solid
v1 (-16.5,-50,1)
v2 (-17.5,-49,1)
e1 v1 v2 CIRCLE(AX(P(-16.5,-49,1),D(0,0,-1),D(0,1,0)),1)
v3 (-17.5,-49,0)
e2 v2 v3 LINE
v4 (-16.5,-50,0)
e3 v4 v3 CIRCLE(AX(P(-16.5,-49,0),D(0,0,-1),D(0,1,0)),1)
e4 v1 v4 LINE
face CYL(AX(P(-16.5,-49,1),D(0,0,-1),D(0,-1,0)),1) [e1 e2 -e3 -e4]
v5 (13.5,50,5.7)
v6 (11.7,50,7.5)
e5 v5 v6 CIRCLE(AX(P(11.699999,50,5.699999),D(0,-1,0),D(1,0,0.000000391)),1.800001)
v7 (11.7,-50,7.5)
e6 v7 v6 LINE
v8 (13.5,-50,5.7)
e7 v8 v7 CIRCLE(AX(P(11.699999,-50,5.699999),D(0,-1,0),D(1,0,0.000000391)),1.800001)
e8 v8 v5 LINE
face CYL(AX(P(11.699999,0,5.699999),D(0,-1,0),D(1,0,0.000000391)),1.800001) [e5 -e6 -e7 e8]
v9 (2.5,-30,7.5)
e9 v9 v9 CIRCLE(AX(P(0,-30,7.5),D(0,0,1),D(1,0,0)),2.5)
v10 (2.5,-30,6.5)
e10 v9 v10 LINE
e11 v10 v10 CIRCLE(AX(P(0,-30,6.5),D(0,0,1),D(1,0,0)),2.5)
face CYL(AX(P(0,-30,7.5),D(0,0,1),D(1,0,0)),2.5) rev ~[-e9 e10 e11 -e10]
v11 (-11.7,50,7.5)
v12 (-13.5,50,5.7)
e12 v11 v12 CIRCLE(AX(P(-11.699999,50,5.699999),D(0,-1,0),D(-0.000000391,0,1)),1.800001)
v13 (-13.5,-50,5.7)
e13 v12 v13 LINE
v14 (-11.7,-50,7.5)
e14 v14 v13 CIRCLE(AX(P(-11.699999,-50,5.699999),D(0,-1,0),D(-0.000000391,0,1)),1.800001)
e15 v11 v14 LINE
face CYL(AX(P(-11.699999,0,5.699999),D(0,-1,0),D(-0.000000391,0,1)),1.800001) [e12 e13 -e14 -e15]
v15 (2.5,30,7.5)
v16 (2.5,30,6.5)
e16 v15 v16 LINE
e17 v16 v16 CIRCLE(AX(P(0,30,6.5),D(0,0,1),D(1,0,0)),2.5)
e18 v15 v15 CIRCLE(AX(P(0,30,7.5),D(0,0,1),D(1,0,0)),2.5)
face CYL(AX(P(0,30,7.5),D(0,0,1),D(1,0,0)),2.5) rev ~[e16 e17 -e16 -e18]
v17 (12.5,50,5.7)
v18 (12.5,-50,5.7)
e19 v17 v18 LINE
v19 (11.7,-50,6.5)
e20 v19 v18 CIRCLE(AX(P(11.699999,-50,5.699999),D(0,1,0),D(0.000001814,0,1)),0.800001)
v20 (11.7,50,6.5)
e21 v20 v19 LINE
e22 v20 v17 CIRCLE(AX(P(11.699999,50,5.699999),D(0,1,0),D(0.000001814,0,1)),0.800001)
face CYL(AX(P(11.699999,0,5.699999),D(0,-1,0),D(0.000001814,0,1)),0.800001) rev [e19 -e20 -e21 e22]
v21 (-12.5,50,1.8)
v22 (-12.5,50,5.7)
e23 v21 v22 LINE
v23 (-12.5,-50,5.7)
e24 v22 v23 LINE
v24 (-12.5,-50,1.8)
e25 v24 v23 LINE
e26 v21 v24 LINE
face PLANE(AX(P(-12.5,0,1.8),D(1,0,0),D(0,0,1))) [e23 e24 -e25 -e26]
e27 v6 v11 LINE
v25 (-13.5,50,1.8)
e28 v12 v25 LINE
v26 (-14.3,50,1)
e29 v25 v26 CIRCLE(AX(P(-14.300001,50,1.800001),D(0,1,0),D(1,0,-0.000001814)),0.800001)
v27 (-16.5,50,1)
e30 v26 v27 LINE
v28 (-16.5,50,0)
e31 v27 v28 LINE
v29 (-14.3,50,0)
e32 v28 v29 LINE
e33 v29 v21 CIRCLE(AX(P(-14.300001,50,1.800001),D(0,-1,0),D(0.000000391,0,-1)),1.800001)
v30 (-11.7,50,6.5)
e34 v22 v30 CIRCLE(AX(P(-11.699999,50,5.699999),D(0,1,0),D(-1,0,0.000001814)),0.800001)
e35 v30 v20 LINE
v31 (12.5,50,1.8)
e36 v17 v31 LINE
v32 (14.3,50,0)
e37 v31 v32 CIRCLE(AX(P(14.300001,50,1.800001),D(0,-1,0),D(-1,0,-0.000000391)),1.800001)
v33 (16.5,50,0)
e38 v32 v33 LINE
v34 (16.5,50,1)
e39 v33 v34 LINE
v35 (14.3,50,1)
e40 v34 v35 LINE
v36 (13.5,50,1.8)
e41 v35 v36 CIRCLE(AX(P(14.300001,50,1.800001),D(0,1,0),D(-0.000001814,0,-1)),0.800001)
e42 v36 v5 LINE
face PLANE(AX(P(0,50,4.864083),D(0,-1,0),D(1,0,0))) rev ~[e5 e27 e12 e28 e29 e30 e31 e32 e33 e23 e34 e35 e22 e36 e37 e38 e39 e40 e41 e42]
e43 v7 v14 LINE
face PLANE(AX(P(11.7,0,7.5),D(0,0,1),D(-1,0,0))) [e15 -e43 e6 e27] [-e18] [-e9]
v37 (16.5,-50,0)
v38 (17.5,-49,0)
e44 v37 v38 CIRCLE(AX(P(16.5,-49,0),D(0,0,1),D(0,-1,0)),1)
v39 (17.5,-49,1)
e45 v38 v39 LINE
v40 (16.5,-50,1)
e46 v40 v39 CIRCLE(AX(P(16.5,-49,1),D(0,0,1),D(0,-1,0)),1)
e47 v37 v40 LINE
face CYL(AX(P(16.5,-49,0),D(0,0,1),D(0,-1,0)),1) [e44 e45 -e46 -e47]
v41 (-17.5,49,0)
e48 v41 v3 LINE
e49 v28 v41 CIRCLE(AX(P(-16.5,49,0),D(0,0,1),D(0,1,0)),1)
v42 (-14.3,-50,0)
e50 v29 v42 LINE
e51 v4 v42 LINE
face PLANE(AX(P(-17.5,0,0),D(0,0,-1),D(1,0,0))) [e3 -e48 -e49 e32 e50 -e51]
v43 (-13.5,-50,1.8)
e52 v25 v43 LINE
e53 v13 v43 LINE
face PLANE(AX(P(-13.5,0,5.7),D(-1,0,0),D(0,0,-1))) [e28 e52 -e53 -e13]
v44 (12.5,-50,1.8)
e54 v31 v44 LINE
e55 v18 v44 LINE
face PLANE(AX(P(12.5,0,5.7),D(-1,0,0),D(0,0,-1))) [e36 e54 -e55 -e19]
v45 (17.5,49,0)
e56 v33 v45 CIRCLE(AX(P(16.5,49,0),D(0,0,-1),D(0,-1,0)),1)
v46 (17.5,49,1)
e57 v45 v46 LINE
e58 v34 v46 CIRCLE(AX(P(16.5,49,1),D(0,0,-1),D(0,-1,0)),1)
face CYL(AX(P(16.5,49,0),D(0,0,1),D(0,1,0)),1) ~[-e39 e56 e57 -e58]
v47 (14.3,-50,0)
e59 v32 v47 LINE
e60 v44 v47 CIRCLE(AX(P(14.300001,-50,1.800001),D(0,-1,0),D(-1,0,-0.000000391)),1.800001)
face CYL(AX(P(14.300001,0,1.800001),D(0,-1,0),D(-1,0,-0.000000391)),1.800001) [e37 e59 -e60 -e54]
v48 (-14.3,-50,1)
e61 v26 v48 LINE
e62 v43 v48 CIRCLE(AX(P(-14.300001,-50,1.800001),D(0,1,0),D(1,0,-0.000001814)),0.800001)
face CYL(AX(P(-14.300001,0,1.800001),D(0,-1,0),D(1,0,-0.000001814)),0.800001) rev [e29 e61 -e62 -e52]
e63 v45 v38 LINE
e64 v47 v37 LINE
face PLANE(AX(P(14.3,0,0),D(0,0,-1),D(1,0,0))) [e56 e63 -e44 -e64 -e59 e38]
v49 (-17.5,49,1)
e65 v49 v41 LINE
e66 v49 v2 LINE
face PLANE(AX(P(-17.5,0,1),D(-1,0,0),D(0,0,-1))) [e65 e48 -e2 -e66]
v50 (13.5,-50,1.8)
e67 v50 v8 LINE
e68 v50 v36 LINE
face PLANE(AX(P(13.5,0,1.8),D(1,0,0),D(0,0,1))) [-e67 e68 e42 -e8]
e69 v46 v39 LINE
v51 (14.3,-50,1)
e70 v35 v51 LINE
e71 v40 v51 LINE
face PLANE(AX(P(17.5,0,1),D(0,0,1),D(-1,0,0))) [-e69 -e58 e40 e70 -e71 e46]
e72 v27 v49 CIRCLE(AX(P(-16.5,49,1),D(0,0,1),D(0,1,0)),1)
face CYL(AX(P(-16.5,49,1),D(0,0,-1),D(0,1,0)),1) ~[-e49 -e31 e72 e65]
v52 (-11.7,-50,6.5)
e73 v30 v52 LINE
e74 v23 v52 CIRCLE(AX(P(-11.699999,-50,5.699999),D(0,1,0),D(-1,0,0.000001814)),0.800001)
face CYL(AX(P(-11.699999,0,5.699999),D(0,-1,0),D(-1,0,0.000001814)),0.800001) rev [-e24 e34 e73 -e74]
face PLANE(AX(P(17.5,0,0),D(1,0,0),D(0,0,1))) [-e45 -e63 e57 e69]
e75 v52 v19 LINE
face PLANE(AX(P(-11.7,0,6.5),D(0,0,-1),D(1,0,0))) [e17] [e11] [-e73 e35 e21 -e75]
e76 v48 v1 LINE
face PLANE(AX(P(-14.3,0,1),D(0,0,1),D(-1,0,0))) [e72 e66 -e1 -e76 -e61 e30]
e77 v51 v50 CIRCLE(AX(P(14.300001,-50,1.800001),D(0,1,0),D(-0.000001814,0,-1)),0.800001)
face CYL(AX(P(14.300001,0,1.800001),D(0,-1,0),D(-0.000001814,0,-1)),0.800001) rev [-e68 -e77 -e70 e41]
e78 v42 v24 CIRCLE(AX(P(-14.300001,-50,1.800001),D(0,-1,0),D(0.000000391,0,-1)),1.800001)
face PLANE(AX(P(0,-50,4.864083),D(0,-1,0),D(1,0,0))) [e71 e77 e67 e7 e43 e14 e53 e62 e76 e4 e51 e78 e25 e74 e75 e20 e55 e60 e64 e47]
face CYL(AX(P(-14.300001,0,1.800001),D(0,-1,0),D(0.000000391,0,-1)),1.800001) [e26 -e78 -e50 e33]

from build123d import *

# Parameters (mm, degrees)
F1_DEPTH = 50
F2_R     = 2.5
F3_DEPTH = 25
F4_R     = 1


with BuildPart() as f1:
    # F0 (on Front) → F1 (new body, symmetric)
    with BuildSketch(Plane.XZ):
        with BuildLine():
            Line((11.7, 7.5), (0, 7.5))
            Line((0, 7.5), (-11.7, 7.5))
            ThreePointArc((-11.7, 7.5), (-12.972792, 6.972792), (-13.5, 5.7))
            Line((-13.5, 5.7), (-13.5, 1.8))
            ThreePointArc((-13.5, 1.8), (-13.734315, 1.234315), (-14.3, 1))
            Line((-14.3, 1), (-17.5, 1))
            Line((-17.5, 1), (-17.5, 0))
            Line((-17.5, 0), (-14.3, 0))
            ThreePointArc((-14.3, 0), (-13.027208, 0.527208), (-12.5, 1.8))
            Line((-12.5, 1.8), (-12.5, 5.7))
            ThreePointArc((-12.5, 5.7), (-12.265685, 6.265685), (-11.7, 6.5))
            Line((-11.7, 6.5), (0, 6.5))
            Line((0, 6.5), (11.7, 6.5))
            ThreePointArc((11.7, 6.5), (12.265685, 6.265685), (12.5, 5.7))
            Line((12.5, 5.7), (12.5, 1.8))
            ThreePointArc((12.5, 1.8), (13.027208, 0.527208), (14.3, 0))
            Line((14.3, 0), (17.5, 0))
            Line((17.5, 0), (17.5, 1))
            Line((17.5, 1), (14.3, 1))
            ThreePointArc((14.3, 1), (13.734315, 1.234315), (13.5, 1.8))
            Line((13.5, 1.8), (13.5, 5.7))
            ThreePointArc((13.5, 5.7), (12.972792, 6.972792), (11.7, 7.5))
        make_face()
    extrude(amount=F1_DEPTH, both=True)

    # F2 (on face) → F3 (cut)
    with BuildSketch(Plane.XY.offset(7.5)):
        with Locations((0, 30)):
            Circle(F2_R)
        with Locations((0, -30)):
            Circle(F2_R)
    extrude(amount=-F3_DEPTH, mode=Mode.SUBTRACT)

    # F4
    f4_edges = [f1.edges().sort_by_distance(p)[0] for p in [
        (17.5, 50, 0.5),
        (-17.5, 50, 0.5),
        (17.5, -50, 0.5),
        (-17.5, -50, 0.5),
    ]]
    fillet(f4_edges, radius=F4_R)


solid = f1.part
